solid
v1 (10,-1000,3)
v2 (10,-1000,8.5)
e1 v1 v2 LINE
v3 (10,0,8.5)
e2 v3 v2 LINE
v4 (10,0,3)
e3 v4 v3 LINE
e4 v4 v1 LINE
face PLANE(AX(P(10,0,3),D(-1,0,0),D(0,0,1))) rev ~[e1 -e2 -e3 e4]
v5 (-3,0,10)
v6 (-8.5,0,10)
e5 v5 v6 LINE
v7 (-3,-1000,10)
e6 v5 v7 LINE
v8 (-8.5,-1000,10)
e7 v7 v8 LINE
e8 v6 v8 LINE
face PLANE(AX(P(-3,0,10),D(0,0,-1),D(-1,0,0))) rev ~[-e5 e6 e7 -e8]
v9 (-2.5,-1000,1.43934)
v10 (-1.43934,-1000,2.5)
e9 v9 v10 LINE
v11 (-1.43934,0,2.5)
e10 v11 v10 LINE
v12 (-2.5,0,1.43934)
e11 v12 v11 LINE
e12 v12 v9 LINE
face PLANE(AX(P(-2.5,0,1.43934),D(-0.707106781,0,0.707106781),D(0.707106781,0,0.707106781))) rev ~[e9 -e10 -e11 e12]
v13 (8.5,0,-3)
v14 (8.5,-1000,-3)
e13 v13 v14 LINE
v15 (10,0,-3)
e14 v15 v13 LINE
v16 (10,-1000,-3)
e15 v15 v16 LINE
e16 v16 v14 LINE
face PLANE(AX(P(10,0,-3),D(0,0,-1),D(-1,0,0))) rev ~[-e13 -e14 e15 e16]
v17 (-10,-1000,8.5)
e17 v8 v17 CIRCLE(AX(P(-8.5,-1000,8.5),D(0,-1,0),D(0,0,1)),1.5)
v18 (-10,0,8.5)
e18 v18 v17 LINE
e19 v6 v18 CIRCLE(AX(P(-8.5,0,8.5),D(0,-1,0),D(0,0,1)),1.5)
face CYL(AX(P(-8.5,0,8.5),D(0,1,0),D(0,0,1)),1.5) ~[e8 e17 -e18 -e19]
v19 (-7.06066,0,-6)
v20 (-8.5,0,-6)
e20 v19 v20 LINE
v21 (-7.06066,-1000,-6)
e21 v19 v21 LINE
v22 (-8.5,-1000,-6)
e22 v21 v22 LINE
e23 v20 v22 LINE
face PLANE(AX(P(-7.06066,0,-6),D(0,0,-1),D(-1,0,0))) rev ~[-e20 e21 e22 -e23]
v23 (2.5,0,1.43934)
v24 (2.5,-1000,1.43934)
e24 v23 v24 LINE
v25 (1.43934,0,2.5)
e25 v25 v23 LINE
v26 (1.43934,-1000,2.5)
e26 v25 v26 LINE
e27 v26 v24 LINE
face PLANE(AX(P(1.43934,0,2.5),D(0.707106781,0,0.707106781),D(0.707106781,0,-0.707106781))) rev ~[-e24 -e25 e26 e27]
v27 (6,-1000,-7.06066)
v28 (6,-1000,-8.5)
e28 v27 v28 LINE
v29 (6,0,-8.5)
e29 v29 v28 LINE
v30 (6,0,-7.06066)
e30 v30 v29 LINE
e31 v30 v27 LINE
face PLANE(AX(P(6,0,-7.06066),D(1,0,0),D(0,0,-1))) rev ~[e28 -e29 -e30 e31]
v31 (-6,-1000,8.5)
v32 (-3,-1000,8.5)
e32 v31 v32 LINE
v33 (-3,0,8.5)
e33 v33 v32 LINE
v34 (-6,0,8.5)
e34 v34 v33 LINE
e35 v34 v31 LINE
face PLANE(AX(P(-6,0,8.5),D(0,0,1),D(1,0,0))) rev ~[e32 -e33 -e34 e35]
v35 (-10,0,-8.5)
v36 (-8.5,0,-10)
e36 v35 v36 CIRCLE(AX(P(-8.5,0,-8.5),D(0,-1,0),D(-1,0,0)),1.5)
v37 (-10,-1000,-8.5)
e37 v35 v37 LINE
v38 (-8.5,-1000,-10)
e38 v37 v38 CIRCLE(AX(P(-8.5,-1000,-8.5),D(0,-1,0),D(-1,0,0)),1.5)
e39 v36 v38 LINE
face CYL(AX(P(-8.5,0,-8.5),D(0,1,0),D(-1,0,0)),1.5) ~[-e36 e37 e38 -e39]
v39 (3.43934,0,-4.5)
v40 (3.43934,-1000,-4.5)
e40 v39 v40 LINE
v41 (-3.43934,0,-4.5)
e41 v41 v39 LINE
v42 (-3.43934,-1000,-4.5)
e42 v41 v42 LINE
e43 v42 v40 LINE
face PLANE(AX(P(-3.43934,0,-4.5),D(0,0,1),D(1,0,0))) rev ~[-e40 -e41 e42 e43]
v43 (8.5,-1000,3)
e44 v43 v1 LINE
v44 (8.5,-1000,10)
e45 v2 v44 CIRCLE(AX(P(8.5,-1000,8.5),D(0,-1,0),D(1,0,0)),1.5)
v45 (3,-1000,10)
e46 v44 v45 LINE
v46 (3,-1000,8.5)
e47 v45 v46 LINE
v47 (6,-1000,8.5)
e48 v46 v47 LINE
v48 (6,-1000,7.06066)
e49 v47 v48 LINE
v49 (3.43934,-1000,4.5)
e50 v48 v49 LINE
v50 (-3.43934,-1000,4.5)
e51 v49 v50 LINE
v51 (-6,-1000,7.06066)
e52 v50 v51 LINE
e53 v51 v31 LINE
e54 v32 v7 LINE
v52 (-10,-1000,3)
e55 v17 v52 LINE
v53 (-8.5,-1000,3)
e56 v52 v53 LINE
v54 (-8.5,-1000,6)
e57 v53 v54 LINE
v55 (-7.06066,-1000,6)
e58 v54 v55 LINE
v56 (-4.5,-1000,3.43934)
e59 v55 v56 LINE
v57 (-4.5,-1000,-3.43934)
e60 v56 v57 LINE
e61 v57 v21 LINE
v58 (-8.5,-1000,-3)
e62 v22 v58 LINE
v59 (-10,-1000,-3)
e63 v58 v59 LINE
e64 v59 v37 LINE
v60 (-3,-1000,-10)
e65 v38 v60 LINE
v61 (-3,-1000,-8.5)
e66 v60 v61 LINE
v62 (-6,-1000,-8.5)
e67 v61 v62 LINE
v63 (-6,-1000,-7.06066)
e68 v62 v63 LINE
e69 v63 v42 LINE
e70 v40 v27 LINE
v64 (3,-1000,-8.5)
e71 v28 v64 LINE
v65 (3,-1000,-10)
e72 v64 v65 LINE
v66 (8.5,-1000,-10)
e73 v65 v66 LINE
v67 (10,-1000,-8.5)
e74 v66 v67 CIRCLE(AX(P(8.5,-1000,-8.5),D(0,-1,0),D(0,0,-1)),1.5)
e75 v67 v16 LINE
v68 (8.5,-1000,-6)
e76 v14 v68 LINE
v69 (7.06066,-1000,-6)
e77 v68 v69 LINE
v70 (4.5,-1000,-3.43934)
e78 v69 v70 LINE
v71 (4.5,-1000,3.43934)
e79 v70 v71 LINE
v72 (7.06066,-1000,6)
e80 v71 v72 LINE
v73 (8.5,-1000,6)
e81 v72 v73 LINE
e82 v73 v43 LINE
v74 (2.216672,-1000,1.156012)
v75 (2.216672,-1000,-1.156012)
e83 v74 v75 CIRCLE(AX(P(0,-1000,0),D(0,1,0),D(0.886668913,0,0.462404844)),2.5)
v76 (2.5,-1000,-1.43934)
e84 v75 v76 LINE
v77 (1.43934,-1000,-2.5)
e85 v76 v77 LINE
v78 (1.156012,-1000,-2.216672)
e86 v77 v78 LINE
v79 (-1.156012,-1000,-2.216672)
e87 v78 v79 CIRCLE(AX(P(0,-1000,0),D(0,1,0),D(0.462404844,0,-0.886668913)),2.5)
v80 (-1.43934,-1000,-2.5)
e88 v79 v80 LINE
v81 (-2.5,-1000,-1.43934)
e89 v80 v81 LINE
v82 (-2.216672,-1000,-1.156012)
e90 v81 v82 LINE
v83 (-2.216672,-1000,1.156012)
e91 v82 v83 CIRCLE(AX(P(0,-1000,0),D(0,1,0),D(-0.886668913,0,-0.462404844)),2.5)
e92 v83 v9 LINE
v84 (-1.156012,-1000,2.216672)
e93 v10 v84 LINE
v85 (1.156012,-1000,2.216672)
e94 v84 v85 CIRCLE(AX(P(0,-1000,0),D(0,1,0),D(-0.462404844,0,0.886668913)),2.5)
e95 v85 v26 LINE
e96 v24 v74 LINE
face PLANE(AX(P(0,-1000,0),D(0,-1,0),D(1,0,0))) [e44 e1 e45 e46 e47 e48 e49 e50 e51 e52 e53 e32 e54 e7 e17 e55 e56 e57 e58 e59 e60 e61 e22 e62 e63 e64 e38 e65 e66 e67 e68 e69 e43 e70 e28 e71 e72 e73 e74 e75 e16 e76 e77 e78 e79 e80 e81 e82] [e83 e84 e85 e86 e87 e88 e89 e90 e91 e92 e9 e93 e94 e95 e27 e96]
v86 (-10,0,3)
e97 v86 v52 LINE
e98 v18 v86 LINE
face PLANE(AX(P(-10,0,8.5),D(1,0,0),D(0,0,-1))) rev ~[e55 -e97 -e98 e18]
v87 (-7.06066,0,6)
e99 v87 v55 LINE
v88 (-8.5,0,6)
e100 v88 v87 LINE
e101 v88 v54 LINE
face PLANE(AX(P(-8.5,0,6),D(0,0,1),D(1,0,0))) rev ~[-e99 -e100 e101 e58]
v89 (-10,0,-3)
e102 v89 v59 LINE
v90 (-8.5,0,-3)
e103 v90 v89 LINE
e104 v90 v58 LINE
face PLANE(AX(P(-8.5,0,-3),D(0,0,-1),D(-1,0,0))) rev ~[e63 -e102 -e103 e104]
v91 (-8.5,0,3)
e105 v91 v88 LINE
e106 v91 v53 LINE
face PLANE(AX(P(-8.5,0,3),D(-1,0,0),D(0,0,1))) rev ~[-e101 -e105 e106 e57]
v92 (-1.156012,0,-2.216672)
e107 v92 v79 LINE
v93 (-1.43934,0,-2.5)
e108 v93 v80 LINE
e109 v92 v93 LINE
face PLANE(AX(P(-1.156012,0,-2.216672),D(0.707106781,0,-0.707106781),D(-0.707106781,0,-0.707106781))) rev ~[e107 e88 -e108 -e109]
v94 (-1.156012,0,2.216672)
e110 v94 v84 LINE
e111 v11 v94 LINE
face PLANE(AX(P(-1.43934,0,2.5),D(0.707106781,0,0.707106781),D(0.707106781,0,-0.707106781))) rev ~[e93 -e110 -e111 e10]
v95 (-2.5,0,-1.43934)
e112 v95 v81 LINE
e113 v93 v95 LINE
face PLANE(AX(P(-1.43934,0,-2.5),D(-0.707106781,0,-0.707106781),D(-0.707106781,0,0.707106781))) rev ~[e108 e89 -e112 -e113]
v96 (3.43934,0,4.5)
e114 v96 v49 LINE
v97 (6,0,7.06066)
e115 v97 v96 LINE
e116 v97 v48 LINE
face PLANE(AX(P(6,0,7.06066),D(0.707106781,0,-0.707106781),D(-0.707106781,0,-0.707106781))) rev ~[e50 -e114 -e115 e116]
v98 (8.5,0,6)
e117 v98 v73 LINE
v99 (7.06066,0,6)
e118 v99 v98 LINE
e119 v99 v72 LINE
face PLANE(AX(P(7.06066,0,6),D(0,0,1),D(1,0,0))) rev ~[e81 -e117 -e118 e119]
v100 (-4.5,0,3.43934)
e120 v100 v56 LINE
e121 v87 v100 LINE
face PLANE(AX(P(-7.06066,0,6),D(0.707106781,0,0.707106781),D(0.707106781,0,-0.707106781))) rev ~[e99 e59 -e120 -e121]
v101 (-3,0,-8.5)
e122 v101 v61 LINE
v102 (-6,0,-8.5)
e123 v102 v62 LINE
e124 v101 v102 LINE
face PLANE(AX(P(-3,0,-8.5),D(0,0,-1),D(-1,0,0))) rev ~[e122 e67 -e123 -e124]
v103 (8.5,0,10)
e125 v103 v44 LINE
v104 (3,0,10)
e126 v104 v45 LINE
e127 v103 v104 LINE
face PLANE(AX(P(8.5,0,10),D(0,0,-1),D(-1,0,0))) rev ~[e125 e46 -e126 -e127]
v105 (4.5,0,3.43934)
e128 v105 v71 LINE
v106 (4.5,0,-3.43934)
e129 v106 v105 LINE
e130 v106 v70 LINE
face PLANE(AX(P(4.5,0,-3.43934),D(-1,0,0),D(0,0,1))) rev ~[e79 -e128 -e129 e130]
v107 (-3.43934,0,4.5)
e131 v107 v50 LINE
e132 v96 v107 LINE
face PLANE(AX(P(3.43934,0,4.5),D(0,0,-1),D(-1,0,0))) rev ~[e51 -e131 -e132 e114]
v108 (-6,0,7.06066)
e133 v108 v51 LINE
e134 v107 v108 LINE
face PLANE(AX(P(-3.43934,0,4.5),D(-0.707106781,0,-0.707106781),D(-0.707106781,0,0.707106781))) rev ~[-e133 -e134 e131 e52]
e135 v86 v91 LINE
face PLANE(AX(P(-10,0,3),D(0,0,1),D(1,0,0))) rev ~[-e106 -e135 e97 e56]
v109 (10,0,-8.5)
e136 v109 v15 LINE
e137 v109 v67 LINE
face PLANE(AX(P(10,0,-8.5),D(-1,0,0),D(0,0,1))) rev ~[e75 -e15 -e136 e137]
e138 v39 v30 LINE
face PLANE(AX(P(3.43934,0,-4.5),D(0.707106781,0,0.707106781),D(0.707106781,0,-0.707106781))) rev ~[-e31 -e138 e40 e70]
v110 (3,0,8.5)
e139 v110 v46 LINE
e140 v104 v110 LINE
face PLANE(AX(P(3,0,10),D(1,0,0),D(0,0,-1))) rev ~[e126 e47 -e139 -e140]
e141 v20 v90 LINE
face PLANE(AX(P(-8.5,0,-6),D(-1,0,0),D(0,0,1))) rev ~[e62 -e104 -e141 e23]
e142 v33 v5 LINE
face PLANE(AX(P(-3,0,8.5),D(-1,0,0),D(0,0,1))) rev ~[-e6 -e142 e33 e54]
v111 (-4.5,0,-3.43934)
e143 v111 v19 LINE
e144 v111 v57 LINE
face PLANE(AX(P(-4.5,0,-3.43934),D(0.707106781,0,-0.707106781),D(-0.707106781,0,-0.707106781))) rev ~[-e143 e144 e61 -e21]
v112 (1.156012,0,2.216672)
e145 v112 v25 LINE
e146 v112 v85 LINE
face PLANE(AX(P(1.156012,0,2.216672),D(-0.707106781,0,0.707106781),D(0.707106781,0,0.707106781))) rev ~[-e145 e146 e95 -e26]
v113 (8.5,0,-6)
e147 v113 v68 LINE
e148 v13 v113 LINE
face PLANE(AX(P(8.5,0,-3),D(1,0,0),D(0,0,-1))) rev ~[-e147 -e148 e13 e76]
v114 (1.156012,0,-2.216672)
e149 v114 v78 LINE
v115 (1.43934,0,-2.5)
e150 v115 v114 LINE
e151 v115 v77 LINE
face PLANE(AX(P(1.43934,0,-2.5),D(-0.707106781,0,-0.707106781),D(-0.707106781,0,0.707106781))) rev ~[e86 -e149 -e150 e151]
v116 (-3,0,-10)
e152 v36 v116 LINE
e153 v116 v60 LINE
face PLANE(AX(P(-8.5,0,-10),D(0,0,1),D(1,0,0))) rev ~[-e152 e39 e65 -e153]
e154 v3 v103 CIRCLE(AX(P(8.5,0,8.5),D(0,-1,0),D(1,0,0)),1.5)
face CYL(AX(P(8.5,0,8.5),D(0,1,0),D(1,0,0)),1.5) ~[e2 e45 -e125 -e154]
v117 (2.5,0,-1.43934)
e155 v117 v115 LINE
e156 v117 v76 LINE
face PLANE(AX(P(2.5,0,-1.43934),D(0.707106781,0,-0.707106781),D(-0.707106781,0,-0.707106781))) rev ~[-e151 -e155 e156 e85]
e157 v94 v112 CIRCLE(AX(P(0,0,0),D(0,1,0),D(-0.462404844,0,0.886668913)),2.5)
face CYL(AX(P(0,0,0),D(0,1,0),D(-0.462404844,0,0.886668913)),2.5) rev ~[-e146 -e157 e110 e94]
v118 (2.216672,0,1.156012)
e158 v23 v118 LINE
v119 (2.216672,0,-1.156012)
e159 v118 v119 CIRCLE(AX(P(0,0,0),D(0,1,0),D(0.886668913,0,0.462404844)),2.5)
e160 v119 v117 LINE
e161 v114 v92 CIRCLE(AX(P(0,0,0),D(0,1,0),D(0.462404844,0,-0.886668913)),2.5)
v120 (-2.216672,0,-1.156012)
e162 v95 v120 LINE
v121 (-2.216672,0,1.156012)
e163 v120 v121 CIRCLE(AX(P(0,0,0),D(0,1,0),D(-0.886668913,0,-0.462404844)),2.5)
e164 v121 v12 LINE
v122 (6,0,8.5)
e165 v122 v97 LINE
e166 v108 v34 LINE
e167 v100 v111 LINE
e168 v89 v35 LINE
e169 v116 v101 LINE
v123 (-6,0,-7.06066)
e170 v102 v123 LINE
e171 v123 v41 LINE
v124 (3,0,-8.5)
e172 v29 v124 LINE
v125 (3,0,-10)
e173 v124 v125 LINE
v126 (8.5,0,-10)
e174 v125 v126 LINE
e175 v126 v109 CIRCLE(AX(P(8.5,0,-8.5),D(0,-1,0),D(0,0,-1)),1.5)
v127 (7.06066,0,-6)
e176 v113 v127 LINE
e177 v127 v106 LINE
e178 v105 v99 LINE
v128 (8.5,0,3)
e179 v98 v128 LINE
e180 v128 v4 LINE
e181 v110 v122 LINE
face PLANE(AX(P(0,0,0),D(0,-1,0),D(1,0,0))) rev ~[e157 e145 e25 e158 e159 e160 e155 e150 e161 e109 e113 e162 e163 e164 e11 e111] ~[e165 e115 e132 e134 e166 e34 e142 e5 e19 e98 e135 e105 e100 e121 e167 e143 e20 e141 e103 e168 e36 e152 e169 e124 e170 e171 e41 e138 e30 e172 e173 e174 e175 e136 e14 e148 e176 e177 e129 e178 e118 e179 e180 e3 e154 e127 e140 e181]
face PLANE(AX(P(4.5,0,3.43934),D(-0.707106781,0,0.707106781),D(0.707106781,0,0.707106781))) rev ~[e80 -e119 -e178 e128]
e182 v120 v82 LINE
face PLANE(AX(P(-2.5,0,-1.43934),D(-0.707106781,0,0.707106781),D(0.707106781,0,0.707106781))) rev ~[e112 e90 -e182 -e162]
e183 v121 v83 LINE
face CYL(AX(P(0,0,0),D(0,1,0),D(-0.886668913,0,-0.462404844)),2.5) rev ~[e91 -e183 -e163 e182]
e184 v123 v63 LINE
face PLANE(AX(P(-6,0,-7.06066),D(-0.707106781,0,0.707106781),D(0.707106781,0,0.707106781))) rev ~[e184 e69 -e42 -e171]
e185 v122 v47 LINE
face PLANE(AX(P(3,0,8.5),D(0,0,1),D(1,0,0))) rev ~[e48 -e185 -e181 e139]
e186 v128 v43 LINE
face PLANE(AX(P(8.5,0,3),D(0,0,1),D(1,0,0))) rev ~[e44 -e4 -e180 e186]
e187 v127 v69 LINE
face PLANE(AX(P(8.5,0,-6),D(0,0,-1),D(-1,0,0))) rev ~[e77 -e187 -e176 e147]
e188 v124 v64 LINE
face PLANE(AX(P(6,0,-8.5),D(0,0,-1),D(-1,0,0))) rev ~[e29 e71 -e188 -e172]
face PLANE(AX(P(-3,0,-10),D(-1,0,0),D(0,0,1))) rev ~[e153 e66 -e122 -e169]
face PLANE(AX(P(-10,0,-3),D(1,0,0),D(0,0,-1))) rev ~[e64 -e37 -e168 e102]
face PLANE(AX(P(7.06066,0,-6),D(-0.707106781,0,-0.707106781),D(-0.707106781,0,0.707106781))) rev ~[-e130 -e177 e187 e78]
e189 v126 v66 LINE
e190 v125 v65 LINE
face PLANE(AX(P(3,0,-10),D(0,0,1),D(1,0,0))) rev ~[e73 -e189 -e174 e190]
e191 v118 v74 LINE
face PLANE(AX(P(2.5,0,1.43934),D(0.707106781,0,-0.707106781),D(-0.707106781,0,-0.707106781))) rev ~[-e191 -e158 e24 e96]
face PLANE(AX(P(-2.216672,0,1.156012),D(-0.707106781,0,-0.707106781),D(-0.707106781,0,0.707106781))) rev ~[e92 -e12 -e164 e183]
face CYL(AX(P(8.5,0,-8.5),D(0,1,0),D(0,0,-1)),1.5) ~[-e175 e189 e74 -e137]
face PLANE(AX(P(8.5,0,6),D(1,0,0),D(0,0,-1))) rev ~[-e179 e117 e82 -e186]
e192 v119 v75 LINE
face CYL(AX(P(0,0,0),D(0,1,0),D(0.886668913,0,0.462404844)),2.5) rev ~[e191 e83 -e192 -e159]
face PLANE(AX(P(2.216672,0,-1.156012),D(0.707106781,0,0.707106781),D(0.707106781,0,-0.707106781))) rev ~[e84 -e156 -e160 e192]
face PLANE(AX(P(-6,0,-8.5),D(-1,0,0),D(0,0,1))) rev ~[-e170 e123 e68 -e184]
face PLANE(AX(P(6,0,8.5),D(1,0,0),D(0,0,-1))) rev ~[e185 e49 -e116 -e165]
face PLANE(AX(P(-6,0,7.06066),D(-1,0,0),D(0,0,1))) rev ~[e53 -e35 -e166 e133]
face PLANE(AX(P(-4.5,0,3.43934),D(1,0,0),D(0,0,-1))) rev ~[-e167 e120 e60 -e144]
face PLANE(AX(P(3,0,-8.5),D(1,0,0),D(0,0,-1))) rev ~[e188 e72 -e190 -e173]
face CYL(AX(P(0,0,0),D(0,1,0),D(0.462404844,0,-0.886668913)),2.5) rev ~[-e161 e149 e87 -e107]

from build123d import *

# Parameters (mm, degrees)
F1_DEPTH = 1000


with BuildPart() as f1:
    # F0 (on Front) → F1 (new body)
    with BuildSketch(Plane.XZ):
        with BuildLine():
            Line((3, -10), (8.5, -10))
            ThreePointArc((8.5, -10), (9.5606601718, -9.5606601718), (10, -8.5))
            Line((10, -8.5), (10, -3))
            Line((10, -3), (8.5, -3))
            Line((8.5, -3), (8.5, -6))
            Line((8.5, -6), (7.0606601718, -6))
            Line((7.0606601718, -6), (4.5, -3.4393398282))
            Line((4.5, -3.4393398282), (4.5, 3.4393398282))
            Line((4.5, 3.4393398282), (7.0606601718, 6))
            Line((7.0606601718, 6), (8.5, 6))
            Line((8.5, 6), (8.5, 3))
            Line((8.5, 3), (10, 3))
            Line((10, 3), (10, 8.5))
            ThreePointArc((10, 8.5), (9.5606601718, 9.5606601718), (8.5, 10))
            Line((8.5, 10), (3, 10))
            Line((3, 10), (3, 8.5))
            Line((3, 8.5), (6, 8.5))
            Line((6, 8.5), (6, 7.0606601718))
            Line((6, 7.0606601718), (3.4393398282, 4.5))
            Line((3.4393398282, 4.5), (-3.4393398282, 4.5))
            Line((-3.4393398282, 4.5), (-6, 7.0606601718))
            Line((-6, 7.0606601718), (-6, 8.5))
            Line((-6, 8.5), (-3, 8.5))
            Line((-3, 8.5), (-3, 10))
            Line((-3, 10), (-8.5, 10))
            ThreePointArc((-8.5, 10), (-9.5606601718, 9.5606601718), (-10, 8.5))
            Line((-10, 8.5), (-10, 3))
            Line((-10, 3), (-8.5, 3))
            Line((-8.5, 3), (-8.5, 6))
            Line((-8.5, 6), (-7.0606601718, 6))
            Line((-7.0606601718, 6), (-4.5, 3.4393398282))
            Line((-4.5, 3.4393398282), (-4.5, -3.4393398282))
            Line((-4.5, -3.4393398282), (-7.0606601718, -6))
            Line((-7.0606601718, -6), (-8.5, -6))
            Line((-8.5, -6), (-8.5, -3))
            Line((-8.5, -3), (-10, -3))
            Line((-10, -3), (-10, -8.5))
            ThreePointArc((-10, -8.5), (-9.5606601718, -9.5606601718), (-8.5, -10))
            Line((-8.5, -10), (-3, -10))
            Line((-3, -10), (-3, -8.5))
            Line((-3, -8.5), (-6, -8.5))
            Line((-6, -8.5), (-6, -7.0606601718))
            Line((-6, -7.0606601718), (-3.4393398282, -4.5))
            Line((-3.4393398282, -4.5), (3.4393398282, -4.5))
            Line((3.4393398282, -4.5), (6, -7.0606601718))
            Line((6, -7.0606601718), (6, -8.5))
            Line((6, -8.5), (3, -8.5))
            Line((3, -8.5), (3, -10))
        make_face()
        with BuildLine():
            ThreePointArc((-1.1560121095, 2.2166722813), (0, 2.5), (1.1560121095, 2.2166722813))
            Line((1.1560121095, 2.2166722813), (1.4393398282, 2.5))
            Line((1.4393398282, 2.5), (2.5, 1.4393398282))
            Line((2.5, 1.4393398282), (2.2166722813, 1.1560121095))
            ThreePointArc((2.2166722813, 1.1560121095), (2.5, 0), (2.2166722813, -1.1560121095))
            Line((2.2166722813, -1.1560121095), (2.5, -1.4393398282))
            Line((2.5, -1.4393398282), (1.4393398282, -2.5))
            Line((1.4393398282, -2.5), (1.1560121095, -2.2166722813))
            ThreePointArc((1.1560121095, -2.2166722813), (0, -2.5), (-1.1560121095, -2.2166722813))
            Line((-1.1560121095, -2.2166722813), (-1.4393398282, -2.5))
            Line((-1.4393398282, -2.5), (-2.5, -1.4393398282))
            Line((-2.5, -1.4393398282), (-2.2166722813, -1.1560121095))
            ThreePointArc((-2.2166722813, -1.1560121095), (-2.5, 0), (-2.2166722813, 1.1560121095))
            Line((-2.2166722813, 1.1560121095), (-2.5, 1.4393398282))
            Line((-2.5, 1.4393398282), (-1.4393398282, 2.5))
            Line((-1.4393398282, 2.5), (-1.1560121095, 2.2166722813))
        make_face(mode=Mode.SUBTRACT)
    extrude(amount=F1_DEPTH)


solid = f1.part
